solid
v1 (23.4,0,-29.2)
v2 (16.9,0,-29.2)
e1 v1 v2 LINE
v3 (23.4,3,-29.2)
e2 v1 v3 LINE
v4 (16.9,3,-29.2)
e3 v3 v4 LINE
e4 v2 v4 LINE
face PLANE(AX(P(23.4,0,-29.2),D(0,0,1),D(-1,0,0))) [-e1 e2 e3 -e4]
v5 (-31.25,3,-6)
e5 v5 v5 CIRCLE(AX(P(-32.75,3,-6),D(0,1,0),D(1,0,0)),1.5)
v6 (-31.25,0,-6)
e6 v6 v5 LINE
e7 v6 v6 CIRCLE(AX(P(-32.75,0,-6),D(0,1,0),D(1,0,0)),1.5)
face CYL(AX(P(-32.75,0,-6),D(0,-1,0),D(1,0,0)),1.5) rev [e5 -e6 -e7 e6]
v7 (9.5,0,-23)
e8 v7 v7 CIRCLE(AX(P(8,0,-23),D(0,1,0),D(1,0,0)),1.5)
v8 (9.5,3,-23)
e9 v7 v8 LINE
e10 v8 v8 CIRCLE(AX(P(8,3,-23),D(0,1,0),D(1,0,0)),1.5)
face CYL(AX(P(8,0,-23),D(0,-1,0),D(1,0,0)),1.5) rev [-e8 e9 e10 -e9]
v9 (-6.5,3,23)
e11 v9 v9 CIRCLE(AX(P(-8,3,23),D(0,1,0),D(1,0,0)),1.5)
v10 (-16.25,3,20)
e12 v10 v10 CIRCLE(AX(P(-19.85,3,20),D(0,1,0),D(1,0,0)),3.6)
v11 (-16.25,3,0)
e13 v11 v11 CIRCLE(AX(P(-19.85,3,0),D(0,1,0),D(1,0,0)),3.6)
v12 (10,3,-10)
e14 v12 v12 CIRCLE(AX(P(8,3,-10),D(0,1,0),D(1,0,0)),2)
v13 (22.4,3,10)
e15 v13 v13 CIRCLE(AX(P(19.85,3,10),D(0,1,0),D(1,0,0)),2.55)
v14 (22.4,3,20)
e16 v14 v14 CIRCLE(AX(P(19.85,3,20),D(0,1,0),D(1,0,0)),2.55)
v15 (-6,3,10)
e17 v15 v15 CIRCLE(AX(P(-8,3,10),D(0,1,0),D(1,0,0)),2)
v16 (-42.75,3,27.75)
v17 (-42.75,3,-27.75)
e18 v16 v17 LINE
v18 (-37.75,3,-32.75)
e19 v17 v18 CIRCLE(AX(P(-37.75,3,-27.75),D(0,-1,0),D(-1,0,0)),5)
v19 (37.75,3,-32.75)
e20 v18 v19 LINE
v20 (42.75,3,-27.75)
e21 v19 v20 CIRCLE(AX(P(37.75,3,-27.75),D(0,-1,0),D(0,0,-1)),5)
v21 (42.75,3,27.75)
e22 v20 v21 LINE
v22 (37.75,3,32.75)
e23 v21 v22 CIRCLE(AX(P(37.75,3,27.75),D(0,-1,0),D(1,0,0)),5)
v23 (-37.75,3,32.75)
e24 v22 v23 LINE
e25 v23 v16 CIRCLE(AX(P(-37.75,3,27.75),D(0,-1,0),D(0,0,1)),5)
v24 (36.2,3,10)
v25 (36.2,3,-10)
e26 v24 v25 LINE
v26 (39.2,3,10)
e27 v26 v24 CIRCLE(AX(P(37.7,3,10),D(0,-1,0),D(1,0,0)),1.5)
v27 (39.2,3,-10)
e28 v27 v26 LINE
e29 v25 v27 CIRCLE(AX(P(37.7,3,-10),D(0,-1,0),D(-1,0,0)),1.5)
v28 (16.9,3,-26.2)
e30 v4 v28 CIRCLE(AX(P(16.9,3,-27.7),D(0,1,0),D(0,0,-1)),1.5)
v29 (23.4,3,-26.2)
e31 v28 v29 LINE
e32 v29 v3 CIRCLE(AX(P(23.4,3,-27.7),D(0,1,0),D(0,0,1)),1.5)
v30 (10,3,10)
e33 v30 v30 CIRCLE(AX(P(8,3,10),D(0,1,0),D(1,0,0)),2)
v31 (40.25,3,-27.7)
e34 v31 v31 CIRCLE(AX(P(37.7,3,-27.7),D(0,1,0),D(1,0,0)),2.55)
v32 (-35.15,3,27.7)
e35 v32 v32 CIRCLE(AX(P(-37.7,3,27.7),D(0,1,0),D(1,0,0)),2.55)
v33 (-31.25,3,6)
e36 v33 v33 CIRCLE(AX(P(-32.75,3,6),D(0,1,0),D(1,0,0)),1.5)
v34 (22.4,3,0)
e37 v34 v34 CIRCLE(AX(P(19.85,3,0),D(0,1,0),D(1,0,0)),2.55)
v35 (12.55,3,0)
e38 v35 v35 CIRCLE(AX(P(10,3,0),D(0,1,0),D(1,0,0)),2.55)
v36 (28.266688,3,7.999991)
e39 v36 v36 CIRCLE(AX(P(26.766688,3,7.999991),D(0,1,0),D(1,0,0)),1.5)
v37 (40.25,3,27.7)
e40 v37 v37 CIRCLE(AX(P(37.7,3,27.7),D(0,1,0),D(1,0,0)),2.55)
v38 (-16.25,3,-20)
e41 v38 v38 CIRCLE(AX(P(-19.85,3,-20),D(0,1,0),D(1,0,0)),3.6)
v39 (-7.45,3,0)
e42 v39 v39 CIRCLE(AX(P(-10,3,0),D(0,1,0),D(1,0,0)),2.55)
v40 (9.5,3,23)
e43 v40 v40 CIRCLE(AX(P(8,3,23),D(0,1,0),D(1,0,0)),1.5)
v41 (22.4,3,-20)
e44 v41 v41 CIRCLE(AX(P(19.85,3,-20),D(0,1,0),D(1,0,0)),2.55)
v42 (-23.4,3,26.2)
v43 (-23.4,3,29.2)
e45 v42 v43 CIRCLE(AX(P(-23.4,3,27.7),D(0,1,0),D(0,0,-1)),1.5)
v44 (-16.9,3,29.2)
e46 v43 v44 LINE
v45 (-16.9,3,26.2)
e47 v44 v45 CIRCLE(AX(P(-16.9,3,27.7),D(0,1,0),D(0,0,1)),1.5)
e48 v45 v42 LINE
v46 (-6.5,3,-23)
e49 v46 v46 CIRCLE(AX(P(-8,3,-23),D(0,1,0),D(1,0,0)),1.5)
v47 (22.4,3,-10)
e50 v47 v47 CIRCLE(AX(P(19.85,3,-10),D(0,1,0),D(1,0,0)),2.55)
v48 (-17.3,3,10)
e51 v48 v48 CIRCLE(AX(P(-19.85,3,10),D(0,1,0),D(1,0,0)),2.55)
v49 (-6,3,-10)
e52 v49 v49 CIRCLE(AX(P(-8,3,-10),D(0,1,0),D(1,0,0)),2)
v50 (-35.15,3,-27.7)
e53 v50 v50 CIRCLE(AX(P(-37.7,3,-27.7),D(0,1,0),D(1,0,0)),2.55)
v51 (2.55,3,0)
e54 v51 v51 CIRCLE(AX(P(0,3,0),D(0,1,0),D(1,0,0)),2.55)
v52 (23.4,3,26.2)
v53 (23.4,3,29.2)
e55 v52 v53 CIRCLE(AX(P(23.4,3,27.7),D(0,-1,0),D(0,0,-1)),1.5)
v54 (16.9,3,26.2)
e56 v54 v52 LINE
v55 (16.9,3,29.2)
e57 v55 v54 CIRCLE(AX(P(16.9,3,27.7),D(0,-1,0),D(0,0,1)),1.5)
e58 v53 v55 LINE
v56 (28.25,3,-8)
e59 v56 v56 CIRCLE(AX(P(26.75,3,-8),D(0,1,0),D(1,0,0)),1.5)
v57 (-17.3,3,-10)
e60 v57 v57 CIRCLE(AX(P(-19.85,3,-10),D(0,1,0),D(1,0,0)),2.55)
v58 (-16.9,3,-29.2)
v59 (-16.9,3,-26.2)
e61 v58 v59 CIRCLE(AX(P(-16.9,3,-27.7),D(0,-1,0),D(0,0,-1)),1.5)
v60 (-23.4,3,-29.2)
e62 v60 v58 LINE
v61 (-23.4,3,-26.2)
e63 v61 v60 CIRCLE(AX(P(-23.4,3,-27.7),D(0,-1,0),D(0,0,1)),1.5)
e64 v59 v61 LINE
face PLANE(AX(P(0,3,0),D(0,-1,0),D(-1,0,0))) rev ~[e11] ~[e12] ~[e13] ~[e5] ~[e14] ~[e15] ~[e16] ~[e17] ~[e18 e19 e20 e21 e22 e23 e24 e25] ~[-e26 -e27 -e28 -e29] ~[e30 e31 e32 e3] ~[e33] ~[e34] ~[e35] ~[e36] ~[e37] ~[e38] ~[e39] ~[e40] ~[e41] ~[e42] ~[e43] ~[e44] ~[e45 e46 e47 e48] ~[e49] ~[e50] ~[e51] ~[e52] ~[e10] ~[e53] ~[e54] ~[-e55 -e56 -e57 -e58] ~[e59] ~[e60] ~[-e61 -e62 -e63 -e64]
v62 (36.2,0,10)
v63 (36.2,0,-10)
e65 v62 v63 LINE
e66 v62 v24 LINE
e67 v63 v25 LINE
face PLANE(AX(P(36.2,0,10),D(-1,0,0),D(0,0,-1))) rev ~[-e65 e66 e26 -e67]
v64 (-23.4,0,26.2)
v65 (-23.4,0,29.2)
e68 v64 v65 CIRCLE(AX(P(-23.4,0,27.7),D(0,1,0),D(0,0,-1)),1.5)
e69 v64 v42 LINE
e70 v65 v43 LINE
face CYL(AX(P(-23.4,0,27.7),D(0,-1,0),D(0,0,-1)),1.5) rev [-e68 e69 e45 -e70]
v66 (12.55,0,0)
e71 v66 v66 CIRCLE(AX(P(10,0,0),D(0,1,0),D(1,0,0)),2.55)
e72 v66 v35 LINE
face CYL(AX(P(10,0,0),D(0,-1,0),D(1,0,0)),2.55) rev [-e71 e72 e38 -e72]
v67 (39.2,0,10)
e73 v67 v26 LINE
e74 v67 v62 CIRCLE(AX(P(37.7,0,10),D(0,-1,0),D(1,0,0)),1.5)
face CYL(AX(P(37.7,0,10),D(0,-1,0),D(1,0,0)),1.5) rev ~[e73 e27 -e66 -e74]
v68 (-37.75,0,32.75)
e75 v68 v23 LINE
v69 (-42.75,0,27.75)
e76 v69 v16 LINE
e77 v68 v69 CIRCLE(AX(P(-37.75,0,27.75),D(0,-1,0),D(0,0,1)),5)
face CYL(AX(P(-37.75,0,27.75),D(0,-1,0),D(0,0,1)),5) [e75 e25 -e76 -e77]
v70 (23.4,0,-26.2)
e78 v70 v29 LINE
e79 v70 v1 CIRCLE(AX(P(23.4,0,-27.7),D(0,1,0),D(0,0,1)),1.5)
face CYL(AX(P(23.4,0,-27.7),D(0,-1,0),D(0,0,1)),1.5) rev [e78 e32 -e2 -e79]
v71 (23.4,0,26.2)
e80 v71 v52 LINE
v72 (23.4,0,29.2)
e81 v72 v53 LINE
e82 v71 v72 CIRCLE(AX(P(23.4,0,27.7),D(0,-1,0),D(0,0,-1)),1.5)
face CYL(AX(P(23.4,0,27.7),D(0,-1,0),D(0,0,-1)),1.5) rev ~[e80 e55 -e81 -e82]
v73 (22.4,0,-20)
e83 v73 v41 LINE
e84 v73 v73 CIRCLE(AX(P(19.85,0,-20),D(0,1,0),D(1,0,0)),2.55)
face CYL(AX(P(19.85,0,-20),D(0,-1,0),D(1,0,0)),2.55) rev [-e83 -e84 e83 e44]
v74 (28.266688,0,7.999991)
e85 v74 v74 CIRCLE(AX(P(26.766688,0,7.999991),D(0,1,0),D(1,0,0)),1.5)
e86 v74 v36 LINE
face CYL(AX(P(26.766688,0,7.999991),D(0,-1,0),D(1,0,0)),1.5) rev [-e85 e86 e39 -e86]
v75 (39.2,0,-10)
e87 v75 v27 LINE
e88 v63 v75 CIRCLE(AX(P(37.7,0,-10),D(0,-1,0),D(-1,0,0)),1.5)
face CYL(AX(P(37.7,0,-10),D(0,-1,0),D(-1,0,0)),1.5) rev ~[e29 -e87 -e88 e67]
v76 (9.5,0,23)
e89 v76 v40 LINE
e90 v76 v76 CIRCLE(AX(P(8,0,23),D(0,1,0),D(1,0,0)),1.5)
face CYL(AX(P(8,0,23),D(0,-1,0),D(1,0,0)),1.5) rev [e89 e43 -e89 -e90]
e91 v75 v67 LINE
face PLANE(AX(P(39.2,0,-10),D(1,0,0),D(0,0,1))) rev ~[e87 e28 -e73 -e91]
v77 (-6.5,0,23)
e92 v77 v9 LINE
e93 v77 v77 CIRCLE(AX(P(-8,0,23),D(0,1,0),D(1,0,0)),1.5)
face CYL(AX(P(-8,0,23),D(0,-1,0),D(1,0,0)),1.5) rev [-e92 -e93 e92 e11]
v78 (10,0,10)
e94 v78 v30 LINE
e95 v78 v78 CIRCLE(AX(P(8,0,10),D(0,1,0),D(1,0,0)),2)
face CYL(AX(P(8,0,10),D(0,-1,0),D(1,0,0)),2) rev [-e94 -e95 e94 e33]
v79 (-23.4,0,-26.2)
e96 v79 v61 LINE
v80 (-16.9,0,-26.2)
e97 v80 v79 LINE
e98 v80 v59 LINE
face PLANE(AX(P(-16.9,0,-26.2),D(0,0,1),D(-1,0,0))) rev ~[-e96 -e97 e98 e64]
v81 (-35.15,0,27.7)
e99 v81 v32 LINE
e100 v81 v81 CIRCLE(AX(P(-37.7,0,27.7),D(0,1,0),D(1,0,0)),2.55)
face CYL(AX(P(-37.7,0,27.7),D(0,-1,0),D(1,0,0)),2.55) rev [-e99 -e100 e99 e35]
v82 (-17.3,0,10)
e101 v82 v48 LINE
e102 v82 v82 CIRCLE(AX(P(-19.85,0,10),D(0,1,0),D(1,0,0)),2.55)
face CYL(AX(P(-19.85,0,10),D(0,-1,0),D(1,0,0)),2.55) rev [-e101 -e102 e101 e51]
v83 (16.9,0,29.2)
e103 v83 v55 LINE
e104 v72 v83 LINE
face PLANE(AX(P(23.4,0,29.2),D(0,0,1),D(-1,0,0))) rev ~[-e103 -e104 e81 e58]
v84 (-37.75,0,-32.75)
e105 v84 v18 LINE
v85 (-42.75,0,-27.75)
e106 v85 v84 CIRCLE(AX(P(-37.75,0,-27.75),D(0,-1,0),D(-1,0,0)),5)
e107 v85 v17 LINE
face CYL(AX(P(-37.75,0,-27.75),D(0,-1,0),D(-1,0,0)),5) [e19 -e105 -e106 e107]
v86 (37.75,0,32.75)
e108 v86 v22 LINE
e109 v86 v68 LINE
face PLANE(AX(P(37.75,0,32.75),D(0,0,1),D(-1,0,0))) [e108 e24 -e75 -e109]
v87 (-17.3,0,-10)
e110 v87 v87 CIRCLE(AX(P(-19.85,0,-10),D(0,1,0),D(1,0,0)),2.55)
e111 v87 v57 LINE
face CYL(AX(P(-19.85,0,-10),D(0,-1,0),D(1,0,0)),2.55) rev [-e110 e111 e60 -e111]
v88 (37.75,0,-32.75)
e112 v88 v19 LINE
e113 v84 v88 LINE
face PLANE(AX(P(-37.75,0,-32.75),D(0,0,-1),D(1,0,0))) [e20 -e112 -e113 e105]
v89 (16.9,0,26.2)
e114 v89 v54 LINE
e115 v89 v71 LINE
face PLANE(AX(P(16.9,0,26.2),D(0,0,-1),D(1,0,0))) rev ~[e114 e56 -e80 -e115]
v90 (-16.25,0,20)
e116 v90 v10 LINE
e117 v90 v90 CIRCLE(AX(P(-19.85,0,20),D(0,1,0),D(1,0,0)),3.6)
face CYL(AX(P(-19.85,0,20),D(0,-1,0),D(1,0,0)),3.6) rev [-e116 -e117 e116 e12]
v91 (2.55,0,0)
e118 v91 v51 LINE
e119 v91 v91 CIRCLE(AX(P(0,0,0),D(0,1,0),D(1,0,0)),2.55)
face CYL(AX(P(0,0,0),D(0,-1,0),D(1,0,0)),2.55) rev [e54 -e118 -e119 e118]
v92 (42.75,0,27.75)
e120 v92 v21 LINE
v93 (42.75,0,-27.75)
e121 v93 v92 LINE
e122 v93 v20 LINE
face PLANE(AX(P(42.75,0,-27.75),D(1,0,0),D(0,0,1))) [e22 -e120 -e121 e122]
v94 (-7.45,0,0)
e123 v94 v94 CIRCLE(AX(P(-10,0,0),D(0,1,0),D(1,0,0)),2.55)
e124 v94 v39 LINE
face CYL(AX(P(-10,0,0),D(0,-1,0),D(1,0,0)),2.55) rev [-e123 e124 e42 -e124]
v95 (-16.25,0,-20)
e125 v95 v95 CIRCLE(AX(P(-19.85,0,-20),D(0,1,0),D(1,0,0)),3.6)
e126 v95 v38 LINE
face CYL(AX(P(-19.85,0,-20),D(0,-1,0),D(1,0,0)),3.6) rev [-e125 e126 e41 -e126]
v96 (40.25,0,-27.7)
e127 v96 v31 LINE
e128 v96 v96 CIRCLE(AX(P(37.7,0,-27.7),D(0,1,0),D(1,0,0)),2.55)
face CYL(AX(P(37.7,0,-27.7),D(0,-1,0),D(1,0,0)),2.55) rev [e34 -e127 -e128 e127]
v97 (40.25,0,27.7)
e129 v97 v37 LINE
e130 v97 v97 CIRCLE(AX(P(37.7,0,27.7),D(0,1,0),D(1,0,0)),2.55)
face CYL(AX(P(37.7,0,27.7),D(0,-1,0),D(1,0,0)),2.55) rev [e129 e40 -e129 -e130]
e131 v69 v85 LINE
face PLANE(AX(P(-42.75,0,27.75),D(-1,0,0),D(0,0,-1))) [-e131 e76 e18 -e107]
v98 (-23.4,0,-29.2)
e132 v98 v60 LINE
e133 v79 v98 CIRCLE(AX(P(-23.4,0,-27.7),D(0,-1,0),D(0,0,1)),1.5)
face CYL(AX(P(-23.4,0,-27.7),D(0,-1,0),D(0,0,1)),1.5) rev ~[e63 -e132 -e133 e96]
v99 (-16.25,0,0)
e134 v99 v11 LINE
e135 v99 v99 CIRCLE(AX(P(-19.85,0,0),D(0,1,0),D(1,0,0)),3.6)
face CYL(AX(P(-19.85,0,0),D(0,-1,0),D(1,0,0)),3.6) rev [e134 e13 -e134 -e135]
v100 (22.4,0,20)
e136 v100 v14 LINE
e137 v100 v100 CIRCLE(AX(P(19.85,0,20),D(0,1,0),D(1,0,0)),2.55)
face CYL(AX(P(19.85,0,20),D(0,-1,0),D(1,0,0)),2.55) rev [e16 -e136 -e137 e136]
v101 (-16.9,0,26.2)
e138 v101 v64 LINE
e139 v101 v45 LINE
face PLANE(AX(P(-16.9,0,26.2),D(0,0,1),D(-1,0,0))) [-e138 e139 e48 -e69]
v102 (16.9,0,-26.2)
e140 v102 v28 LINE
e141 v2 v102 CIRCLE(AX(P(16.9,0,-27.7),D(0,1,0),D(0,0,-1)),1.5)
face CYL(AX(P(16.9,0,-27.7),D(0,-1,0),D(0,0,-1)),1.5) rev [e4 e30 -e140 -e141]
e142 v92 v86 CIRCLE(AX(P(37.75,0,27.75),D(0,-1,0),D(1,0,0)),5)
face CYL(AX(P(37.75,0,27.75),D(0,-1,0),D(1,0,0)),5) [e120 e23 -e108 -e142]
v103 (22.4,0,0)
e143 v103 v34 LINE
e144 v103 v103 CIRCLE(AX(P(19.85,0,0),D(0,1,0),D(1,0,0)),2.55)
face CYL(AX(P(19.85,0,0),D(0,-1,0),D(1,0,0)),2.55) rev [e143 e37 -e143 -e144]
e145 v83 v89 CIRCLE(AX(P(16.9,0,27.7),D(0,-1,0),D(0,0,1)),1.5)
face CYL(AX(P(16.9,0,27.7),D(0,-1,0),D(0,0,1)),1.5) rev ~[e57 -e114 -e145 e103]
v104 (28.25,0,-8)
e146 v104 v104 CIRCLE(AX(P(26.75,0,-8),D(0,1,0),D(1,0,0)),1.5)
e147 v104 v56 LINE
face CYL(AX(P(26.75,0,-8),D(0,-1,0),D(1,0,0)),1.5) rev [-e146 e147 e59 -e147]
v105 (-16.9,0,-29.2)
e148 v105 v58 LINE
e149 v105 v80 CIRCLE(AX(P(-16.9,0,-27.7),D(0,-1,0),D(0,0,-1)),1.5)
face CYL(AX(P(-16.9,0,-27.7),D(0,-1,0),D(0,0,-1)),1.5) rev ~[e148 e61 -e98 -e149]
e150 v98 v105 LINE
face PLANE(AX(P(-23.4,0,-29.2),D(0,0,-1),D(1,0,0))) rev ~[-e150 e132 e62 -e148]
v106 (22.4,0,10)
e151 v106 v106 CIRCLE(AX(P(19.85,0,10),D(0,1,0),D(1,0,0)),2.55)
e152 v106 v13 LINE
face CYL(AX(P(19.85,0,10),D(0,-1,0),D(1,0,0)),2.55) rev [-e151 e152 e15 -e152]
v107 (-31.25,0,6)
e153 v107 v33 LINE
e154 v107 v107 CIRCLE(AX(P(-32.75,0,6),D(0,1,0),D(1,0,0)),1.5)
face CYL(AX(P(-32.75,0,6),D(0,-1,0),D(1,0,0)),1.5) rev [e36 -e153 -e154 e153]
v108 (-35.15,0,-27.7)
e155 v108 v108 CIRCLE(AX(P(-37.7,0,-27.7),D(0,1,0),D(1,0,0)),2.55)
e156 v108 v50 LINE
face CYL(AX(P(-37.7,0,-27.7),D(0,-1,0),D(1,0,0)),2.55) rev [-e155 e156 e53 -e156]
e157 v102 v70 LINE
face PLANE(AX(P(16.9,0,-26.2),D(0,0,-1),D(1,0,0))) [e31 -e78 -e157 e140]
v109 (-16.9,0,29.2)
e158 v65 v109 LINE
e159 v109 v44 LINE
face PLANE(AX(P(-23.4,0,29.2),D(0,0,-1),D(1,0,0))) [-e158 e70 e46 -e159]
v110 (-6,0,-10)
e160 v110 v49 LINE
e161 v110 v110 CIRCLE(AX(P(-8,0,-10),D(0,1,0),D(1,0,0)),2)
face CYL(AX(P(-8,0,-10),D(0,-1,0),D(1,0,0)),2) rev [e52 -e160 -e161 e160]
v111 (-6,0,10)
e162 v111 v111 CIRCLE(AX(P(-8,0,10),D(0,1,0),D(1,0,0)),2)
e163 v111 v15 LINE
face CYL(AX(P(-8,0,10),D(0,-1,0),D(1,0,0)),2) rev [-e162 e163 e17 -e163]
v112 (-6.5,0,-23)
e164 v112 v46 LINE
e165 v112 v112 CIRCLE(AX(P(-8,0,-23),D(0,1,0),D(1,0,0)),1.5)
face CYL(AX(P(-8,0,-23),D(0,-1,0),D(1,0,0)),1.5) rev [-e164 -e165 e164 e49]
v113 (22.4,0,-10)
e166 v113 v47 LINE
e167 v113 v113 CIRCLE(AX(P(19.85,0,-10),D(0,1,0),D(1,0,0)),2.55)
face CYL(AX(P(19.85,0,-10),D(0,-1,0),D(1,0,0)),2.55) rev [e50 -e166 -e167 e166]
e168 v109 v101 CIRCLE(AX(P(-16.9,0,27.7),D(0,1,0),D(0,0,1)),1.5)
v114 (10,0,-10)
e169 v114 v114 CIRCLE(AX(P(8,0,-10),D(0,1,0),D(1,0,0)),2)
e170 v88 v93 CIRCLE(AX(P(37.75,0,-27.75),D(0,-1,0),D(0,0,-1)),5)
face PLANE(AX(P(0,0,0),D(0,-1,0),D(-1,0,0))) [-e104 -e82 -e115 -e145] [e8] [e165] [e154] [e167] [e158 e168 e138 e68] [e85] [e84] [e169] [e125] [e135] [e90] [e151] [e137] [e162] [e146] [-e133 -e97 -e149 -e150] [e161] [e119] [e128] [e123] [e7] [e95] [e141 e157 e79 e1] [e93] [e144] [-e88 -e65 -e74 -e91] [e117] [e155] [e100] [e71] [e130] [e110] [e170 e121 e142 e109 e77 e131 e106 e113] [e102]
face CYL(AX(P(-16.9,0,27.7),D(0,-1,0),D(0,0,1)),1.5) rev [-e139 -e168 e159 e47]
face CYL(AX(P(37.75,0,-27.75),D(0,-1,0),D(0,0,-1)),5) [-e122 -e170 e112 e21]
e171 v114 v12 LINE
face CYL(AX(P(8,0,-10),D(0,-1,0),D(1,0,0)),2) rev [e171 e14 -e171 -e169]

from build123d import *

# Parameters (mm, degrees)
SKETCH1_R           = 2.55
SKETCH1_R_2         = 1.5
SKETCH1_R_3         = 2
SKETCH1_R_4         = 3.6
BOSS_EXTRUDE1_DEPTH = 3


with BuildPart() as part:
    # Sketch1 → Boss-Extrude1 (new body)
    with BuildSketch(Plane(origin=(0, 0, 0), x_dir=(1, 0, 0), z_dir=(0, 1, 0))):
        with BuildLine():
            Line((27.75, -32.75), (-27.75, -32.75))
            Line((-27.75, -32.75), (-37.75, -32.75))
            ThreePointArc((-37.75, -32.75), (-41.285533906, -31.285533906), (-42.75, -27.75))
            Line((-42.75, -27.75), (-42.75, 27.75))
            ThreePointArc((-42.75, 27.75), (-41.285533906, 31.285533906), (-37.75, 32.75))
            Line((-37.75, 32.75), (-27.75, 32.75))
            Line((-27.75, 32.75), (27.75, 32.75))
            Line((27.75, 32.75), (37.75, 32.75))
            ThreePointArc((37.75, 32.75), (41.285533906, 31.285533906), (42.75, 27.75))
            Line((42.75, 27.75), (42.75, -27.75))
            ThreePointArc((42.75, -27.75), (41.285533906, -31.285533906), (37.75, -32.75))
            Line((37.75, -32.75), (27.75, -32.75))
        make_face()
        with Locations((37.7, 27.7)):
            Circle(SKETCH1_R, mode=Mode.SUBTRACT)
        with Locations((37.7, -27.7)):
            Circle(SKETCH1_R, mode=Mode.SUBTRACT)
        with Locations((-37.7, -27.7)):
            Circle(SKETCH1_R, mode=Mode.SUBTRACT)
        with Locations((-37.7, 27.7)):
            Circle(SKETCH1_R, mode=Mode.SUBTRACT)
        with Locations((-8, 23)):
            Circle(SKETCH1_R_2, mode=Mode.SUBTRACT)
        with Locations((-8, 10)):
            Circle(SKETCH1_R_3, mode=Mode.SUBTRACT)
        Circle(SKETCH1_R, mode=Mode.SUBTRACT)
        with Locations((10, 0)):
            Circle(SKETCH1_R, mode=Mode.SUBTRACT)
        with Locations((-10, 0)):
            Circle(SKETCH1_R, mode=Mode.SUBTRACT)
        with Locations((-19.85, 20)):
            Circle(SKETCH1_R_4, mode=Mode.SUBTRACT)
        with Locations((-19.85, 0)):
            Circle(SKETCH1_R_4, mode=Mode.SUBTRACT)
        with Locations((-19.85, -20)):
            Circle(SKETCH1_R_4, mode=Mode.SUBTRACT)
        with Locations((8, 23)):
            Circle(SKETCH1_R_2, mode=Mode.SUBTRACT)
        with Locations((-8, -10)):
            Circle(SKETCH1_R_3, mode=Mode.SUBTRACT)
        with Locations((8, -10)):
            Circle(SKETCH1_R_3, mode=Mode.SUBTRACT)
        with Locations((8, 10)):
            Circle(SKETCH1_R_3, mode=Mode.SUBTRACT)
        with Locations((-19.85, 10)):
            Circle(SKETCH1_R, mode=Mode.SUBTRACT)
        with Locations((-8, -23)):
            Circle(SKETCH1_R_2, mode=Mode.SUBTRACT)
        with Locations((8, -23)):
            Circle(SKETCH1_R_2, mode=Mode.SUBTRACT)
        with Locations((-32.75, 6)):
            Circle(SKETCH1_R_2, mode=Mode.SUBTRACT)
        with Locations((19.85, 20)):
            Circle(SKETCH1_R, mode=Mode.SUBTRACT)
        with Locations((19.85, 0)):
            Circle(SKETCH1_R, mode=Mode.SUBTRACT)
        with Locations((19.85, -20)):
            Circle(SKETCH1_R, mode=Mode.SUBTRACT)
        with Locations((-32.75, -6)):
            Circle(SKETCH1_R_2, mode=Mode.SUBTRACT)
        with Locations((26.75, 8)):
            Circle(SKETCH1_R_2, mode=Mode.SUBTRACT)
        with Locations((26.766687539, -7.999991298)):
            Circle(SKETCH1_R_2, mode=Mode.SUBTRACT)
        with Locations((19.85, 10)):
            Circle(SKETCH1_R, mode=Mode.SUBTRACT)
        with Locations((19.85, -10)):
            Circle(SKETCH1_R, mode=Mode.SUBTRACT)
        with Locations((-19.85, -10)):
            Circle(SKETCH1_R, mode=Mode.SUBTRACT)
        with BuildLine():
            Line((39.2, 10), (39.2, -10))
            ThreePointArc((39.2, -10), (37.7, -11.5), (36.2, -10))
            Line((36.2, -10), (36.2, 10))
            ThreePointArc((36.2, 10), (37.7, 11.5), (39.2, 10))
        make_face(mode=Mode.SUBTRACT)
        with BuildLine():
            Line((-16.9, 26.2), (-23.4, 26.2))
            ThreePointArc((-23.4, 26.2), (-24.9, 27.7), (-23.4, 29.2))
            Line((-23.4, 29.2), (-16.9, 29.2))
            ThreePointArc((-16.9, 29.2), (-15.4, 27.7), (-16.9, 26.2))
        make_face(mode=Mode.SUBTRACT)
        with BuildLine():
            Line((16.9, 26.2), (23.4, 26.2))
            ThreePointArc((23.4, 26.2), (24.9, 27.7), (23.4, 29.2))
            Line((23.4, 29.2), (16.9, 29.2))
            ThreePointArc((16.9, 29.2), (15.4, 27.7), (16.9, 26.2))
        make_face(mode=Mode.SUBTRACT)
        with BuildLine():
            Line((-16.9, -26.2), (-23.4, -26.2))
            ThreePointArc((-23.4, -26.2), (-24.9, -27.7), (-23.4, -29.2))
            Line((-23.4, -29.2), (-16.9, -29.2))
            ThreePointArc((-16.9, -29.2), (-15.4, -27.7), (-16.9, -26.2))
        make_face(mode=Mode.SUBTRACT)
        with BuildLine():
            Line((16.9, -26.2), (23.4, -26.2))
            ThreePointArc((23.4, -26.2), (24.9, -27.7), (23.4, -29.2))
            Line((23.4, -29.2), (16.9, -29.2))
            ThreePointArc((16.9, -29.2), (15.4, -27.7), (16.9, -26.2))
        make_face(mode=Mode.SUBTRACT)
    extrude(amount=BOSS_EXTRUDE1_DEPTH)


solid = part.part
